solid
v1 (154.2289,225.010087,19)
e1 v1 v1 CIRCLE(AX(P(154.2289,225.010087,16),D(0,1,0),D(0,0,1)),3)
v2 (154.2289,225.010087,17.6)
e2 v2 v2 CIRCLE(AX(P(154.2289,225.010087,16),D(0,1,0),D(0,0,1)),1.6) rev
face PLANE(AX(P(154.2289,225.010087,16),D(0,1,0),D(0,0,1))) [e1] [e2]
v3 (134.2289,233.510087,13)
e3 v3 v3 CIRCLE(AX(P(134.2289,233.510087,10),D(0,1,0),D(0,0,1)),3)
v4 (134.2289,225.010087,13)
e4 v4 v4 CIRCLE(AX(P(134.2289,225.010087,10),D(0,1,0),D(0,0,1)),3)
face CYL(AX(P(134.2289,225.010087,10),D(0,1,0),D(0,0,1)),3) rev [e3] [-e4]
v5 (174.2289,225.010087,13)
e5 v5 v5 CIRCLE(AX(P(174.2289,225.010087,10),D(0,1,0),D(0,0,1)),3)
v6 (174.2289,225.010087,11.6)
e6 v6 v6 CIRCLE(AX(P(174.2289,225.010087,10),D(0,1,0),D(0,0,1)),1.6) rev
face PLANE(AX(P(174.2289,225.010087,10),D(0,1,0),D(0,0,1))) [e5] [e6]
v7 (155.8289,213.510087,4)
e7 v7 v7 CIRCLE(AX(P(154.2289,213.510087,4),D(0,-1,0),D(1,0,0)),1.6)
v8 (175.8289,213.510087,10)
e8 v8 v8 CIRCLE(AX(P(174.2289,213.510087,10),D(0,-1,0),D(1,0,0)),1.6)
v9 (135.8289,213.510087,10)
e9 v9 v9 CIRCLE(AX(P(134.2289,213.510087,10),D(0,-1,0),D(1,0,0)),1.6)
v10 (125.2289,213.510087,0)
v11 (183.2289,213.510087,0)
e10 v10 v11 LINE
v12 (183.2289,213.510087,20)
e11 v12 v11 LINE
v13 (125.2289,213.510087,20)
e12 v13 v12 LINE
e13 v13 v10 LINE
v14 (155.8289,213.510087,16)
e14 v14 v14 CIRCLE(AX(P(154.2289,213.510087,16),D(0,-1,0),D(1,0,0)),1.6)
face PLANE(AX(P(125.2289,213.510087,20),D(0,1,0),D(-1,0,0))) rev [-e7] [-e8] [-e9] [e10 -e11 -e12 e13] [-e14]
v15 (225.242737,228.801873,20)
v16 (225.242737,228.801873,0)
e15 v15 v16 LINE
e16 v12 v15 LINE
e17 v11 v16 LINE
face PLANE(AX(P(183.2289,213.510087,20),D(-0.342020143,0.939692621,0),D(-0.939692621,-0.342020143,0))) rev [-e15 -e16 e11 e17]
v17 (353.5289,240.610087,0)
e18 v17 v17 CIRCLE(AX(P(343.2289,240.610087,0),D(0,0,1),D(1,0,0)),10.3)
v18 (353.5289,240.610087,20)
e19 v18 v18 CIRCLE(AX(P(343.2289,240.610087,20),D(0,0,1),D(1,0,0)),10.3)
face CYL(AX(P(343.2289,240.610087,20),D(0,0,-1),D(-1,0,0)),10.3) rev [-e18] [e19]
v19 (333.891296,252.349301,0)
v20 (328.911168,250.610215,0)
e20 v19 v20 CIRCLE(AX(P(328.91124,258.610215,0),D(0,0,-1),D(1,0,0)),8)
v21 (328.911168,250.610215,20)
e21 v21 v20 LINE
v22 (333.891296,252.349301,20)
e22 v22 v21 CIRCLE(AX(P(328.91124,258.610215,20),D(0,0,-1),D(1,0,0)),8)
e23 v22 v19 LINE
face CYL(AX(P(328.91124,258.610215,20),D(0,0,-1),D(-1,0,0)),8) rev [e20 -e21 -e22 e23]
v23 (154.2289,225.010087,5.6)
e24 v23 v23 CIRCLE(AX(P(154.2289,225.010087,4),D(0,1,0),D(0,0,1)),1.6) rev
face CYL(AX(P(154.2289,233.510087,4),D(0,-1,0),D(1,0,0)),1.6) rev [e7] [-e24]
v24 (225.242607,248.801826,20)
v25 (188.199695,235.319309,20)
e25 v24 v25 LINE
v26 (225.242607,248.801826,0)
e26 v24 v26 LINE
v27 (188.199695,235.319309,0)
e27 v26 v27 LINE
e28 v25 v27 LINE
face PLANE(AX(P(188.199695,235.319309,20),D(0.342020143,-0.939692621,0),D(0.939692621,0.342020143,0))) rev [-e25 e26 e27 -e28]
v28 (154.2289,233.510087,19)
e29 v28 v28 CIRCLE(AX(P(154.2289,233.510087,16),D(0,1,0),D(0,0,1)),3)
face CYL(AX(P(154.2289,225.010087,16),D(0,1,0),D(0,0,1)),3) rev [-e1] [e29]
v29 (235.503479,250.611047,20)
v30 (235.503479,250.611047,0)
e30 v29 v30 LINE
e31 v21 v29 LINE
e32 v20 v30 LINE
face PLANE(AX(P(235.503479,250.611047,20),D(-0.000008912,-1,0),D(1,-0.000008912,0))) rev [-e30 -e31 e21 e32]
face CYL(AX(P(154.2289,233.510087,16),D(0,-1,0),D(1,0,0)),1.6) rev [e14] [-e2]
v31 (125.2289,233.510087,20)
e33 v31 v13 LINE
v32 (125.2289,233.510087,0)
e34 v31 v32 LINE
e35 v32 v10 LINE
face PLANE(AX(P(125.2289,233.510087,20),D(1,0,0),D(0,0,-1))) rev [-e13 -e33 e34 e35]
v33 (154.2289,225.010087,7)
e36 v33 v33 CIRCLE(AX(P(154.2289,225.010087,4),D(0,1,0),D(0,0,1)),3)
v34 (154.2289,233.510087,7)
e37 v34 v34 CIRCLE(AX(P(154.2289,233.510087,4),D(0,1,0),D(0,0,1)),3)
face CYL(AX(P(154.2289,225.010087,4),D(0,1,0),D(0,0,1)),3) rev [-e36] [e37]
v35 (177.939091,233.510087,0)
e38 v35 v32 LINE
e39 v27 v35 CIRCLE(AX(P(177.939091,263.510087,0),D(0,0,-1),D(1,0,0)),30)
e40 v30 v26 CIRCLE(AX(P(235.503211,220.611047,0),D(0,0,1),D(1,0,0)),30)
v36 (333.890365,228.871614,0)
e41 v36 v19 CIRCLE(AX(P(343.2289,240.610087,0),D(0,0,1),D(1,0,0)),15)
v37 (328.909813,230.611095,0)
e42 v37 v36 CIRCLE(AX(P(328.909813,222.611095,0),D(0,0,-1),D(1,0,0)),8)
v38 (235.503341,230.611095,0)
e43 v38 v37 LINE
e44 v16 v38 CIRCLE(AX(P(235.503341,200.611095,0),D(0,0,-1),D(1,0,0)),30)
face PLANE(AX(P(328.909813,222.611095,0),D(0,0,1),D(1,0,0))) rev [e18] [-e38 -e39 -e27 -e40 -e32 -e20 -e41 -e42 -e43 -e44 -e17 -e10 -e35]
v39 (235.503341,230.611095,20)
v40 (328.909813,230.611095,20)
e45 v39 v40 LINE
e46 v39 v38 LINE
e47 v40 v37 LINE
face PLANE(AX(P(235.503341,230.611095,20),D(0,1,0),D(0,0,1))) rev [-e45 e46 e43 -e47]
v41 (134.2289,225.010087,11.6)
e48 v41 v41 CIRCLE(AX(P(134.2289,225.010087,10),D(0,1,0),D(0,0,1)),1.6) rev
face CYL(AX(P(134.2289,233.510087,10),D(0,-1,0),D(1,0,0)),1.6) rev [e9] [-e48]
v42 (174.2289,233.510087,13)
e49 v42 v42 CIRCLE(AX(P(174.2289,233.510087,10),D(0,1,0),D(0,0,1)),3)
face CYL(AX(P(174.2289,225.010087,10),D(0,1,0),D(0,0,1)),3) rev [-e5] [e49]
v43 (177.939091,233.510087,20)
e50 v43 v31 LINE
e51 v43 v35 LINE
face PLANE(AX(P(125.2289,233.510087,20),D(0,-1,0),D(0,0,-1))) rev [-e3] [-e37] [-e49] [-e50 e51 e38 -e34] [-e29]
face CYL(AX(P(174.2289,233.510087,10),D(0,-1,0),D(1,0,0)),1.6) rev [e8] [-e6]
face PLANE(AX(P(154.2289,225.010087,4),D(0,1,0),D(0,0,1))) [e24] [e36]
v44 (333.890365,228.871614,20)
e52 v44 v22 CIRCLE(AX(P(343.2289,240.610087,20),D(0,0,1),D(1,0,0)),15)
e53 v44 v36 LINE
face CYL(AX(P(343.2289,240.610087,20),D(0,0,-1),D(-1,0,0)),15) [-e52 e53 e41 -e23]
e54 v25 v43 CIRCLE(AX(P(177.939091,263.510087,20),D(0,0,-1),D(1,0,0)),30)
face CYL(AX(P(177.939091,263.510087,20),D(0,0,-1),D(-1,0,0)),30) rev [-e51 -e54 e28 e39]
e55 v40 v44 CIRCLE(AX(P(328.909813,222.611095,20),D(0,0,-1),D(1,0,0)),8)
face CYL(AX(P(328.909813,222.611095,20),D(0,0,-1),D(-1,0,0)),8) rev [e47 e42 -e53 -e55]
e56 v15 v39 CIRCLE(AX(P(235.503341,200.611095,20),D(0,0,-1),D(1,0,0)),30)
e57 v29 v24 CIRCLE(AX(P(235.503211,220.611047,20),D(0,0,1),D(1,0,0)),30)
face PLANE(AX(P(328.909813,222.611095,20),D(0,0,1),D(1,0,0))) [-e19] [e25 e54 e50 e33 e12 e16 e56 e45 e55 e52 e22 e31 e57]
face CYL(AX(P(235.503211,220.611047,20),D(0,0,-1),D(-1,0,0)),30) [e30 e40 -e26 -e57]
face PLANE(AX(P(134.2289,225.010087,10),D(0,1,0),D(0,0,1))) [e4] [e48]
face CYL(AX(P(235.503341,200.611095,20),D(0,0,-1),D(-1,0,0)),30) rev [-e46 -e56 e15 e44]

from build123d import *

# Parameters (mm, degrees)
MODEL_R             = 10.3
EXTRUDE_1_DEPTH     = 20
SKETCH_2_R          = 1.6
CUT_EXTRUDE_1_DEPTH = 20
SKETCH_3_R          = 3
CUT_EXTRUDE_2_DEPTH = 8.5


with BuildPart() as part:
    # Model → 凸台-拉伸1 (new body)
    with BuildSketch(Plane.XY):
        with BuildLine():
            Line((125.228900422, 213.510087452), (183.228900422, 213.510087452))
            Line((183.228900422, 213.510087452), (225.242736582, 228.801873242))
            ThreePointArc((225.242736582, 228.801873242), (230.293895552, 230.155327209), (235.503340882, 230.611094618))
            Line((235.503340882, 230.611094618), (328.909813266, 230.611094618))
            ThreePointArc((328.909813266, 230.611094618), (331.547600788, 230.163715156), (333.89036532, 228.871613865))
            ThreePointArc((333.89036532, 228.871613865), (358.22890041, 240.609493061), (333.891295649, 252.349301102))
            ThreePointArc((333.891295649, 252.349301102), (331.548694356, 251.057478239), (328.911168476, 250.610215048))
            Line((328.911168476, 250.610215048), (235.503478715, 250.611047476))
            ThreePointArc((235.503478715, 250.611047476), (230.293897677, 250.15530328), (225.242607062, 248.8018261))
            Line((225.242607062, 248.8018261), (188.1996953, 235.319308829))
            ThreePointArc((188.1996953, 235.319308829), (183.14853633, 233.965854862), (177.939091, 233.510087452))
            Line((177.939091, 233.510087452), (125.228900422, 233.510087452))
            Line((125.228900422, 233.510087452), (125.228900422, 213.510087452))
        make_face()
        with Locations((343.228900422, 240.610087452)):
            Circle(MODEL_R, mode=Mode.SUBTRACT)
    extrude(amount=EXTRUDE_1_DEPTH)

    # 草图2 → 切除-拉伸1 (cut)
    with BuildSketch(Plane.XZ.offset(-213.510087452)):
        with Locations((134.228900422, 10)):
            Circle(SKETCH_2_R)
        with Locations((174.228900422, 10)):
            Circle(SKETCH_2_R)
        with Locations((154.228900422, 16)):
            Circle(SKETCH_2_R)
        with Locations((154.228900422, 4)):
            Circle(SKETCH_2_R)
    extrude(amount=-CUT_EXTRUDE_1_DEPTH, mode=Mode.SUBTRACT)

    # 草图3 → 切除-拉伸2 (cut)
    with BuildSketch(Plane(origin=(0, 233.510087452, 0), x_dir=(1, 0, 0), z_dir=(0, 1, 0))):
        with Locations(Location((134.228900422, -10, 0), (0, 0, 270))):
            Circle(SKETCH_3_R)
        with Locations(Location((154.228900422, -4, 0), (0, 0, 270))):
            Circle(SKETCH_3_R)
        with Locations(Location((154.228900422, -16, 0), (0, 0, 270))):
            Circle(SKETCH_3_R)
        with Locations(Location((174.228900422, -10, 0), (0, 0, 270))):
            Circle(SKETCH_3_R)
    extrude(amount=-CUT_EXTRUDE_2_DEPTH, mode=Mode.SUBTRACT)


solid = part.part
